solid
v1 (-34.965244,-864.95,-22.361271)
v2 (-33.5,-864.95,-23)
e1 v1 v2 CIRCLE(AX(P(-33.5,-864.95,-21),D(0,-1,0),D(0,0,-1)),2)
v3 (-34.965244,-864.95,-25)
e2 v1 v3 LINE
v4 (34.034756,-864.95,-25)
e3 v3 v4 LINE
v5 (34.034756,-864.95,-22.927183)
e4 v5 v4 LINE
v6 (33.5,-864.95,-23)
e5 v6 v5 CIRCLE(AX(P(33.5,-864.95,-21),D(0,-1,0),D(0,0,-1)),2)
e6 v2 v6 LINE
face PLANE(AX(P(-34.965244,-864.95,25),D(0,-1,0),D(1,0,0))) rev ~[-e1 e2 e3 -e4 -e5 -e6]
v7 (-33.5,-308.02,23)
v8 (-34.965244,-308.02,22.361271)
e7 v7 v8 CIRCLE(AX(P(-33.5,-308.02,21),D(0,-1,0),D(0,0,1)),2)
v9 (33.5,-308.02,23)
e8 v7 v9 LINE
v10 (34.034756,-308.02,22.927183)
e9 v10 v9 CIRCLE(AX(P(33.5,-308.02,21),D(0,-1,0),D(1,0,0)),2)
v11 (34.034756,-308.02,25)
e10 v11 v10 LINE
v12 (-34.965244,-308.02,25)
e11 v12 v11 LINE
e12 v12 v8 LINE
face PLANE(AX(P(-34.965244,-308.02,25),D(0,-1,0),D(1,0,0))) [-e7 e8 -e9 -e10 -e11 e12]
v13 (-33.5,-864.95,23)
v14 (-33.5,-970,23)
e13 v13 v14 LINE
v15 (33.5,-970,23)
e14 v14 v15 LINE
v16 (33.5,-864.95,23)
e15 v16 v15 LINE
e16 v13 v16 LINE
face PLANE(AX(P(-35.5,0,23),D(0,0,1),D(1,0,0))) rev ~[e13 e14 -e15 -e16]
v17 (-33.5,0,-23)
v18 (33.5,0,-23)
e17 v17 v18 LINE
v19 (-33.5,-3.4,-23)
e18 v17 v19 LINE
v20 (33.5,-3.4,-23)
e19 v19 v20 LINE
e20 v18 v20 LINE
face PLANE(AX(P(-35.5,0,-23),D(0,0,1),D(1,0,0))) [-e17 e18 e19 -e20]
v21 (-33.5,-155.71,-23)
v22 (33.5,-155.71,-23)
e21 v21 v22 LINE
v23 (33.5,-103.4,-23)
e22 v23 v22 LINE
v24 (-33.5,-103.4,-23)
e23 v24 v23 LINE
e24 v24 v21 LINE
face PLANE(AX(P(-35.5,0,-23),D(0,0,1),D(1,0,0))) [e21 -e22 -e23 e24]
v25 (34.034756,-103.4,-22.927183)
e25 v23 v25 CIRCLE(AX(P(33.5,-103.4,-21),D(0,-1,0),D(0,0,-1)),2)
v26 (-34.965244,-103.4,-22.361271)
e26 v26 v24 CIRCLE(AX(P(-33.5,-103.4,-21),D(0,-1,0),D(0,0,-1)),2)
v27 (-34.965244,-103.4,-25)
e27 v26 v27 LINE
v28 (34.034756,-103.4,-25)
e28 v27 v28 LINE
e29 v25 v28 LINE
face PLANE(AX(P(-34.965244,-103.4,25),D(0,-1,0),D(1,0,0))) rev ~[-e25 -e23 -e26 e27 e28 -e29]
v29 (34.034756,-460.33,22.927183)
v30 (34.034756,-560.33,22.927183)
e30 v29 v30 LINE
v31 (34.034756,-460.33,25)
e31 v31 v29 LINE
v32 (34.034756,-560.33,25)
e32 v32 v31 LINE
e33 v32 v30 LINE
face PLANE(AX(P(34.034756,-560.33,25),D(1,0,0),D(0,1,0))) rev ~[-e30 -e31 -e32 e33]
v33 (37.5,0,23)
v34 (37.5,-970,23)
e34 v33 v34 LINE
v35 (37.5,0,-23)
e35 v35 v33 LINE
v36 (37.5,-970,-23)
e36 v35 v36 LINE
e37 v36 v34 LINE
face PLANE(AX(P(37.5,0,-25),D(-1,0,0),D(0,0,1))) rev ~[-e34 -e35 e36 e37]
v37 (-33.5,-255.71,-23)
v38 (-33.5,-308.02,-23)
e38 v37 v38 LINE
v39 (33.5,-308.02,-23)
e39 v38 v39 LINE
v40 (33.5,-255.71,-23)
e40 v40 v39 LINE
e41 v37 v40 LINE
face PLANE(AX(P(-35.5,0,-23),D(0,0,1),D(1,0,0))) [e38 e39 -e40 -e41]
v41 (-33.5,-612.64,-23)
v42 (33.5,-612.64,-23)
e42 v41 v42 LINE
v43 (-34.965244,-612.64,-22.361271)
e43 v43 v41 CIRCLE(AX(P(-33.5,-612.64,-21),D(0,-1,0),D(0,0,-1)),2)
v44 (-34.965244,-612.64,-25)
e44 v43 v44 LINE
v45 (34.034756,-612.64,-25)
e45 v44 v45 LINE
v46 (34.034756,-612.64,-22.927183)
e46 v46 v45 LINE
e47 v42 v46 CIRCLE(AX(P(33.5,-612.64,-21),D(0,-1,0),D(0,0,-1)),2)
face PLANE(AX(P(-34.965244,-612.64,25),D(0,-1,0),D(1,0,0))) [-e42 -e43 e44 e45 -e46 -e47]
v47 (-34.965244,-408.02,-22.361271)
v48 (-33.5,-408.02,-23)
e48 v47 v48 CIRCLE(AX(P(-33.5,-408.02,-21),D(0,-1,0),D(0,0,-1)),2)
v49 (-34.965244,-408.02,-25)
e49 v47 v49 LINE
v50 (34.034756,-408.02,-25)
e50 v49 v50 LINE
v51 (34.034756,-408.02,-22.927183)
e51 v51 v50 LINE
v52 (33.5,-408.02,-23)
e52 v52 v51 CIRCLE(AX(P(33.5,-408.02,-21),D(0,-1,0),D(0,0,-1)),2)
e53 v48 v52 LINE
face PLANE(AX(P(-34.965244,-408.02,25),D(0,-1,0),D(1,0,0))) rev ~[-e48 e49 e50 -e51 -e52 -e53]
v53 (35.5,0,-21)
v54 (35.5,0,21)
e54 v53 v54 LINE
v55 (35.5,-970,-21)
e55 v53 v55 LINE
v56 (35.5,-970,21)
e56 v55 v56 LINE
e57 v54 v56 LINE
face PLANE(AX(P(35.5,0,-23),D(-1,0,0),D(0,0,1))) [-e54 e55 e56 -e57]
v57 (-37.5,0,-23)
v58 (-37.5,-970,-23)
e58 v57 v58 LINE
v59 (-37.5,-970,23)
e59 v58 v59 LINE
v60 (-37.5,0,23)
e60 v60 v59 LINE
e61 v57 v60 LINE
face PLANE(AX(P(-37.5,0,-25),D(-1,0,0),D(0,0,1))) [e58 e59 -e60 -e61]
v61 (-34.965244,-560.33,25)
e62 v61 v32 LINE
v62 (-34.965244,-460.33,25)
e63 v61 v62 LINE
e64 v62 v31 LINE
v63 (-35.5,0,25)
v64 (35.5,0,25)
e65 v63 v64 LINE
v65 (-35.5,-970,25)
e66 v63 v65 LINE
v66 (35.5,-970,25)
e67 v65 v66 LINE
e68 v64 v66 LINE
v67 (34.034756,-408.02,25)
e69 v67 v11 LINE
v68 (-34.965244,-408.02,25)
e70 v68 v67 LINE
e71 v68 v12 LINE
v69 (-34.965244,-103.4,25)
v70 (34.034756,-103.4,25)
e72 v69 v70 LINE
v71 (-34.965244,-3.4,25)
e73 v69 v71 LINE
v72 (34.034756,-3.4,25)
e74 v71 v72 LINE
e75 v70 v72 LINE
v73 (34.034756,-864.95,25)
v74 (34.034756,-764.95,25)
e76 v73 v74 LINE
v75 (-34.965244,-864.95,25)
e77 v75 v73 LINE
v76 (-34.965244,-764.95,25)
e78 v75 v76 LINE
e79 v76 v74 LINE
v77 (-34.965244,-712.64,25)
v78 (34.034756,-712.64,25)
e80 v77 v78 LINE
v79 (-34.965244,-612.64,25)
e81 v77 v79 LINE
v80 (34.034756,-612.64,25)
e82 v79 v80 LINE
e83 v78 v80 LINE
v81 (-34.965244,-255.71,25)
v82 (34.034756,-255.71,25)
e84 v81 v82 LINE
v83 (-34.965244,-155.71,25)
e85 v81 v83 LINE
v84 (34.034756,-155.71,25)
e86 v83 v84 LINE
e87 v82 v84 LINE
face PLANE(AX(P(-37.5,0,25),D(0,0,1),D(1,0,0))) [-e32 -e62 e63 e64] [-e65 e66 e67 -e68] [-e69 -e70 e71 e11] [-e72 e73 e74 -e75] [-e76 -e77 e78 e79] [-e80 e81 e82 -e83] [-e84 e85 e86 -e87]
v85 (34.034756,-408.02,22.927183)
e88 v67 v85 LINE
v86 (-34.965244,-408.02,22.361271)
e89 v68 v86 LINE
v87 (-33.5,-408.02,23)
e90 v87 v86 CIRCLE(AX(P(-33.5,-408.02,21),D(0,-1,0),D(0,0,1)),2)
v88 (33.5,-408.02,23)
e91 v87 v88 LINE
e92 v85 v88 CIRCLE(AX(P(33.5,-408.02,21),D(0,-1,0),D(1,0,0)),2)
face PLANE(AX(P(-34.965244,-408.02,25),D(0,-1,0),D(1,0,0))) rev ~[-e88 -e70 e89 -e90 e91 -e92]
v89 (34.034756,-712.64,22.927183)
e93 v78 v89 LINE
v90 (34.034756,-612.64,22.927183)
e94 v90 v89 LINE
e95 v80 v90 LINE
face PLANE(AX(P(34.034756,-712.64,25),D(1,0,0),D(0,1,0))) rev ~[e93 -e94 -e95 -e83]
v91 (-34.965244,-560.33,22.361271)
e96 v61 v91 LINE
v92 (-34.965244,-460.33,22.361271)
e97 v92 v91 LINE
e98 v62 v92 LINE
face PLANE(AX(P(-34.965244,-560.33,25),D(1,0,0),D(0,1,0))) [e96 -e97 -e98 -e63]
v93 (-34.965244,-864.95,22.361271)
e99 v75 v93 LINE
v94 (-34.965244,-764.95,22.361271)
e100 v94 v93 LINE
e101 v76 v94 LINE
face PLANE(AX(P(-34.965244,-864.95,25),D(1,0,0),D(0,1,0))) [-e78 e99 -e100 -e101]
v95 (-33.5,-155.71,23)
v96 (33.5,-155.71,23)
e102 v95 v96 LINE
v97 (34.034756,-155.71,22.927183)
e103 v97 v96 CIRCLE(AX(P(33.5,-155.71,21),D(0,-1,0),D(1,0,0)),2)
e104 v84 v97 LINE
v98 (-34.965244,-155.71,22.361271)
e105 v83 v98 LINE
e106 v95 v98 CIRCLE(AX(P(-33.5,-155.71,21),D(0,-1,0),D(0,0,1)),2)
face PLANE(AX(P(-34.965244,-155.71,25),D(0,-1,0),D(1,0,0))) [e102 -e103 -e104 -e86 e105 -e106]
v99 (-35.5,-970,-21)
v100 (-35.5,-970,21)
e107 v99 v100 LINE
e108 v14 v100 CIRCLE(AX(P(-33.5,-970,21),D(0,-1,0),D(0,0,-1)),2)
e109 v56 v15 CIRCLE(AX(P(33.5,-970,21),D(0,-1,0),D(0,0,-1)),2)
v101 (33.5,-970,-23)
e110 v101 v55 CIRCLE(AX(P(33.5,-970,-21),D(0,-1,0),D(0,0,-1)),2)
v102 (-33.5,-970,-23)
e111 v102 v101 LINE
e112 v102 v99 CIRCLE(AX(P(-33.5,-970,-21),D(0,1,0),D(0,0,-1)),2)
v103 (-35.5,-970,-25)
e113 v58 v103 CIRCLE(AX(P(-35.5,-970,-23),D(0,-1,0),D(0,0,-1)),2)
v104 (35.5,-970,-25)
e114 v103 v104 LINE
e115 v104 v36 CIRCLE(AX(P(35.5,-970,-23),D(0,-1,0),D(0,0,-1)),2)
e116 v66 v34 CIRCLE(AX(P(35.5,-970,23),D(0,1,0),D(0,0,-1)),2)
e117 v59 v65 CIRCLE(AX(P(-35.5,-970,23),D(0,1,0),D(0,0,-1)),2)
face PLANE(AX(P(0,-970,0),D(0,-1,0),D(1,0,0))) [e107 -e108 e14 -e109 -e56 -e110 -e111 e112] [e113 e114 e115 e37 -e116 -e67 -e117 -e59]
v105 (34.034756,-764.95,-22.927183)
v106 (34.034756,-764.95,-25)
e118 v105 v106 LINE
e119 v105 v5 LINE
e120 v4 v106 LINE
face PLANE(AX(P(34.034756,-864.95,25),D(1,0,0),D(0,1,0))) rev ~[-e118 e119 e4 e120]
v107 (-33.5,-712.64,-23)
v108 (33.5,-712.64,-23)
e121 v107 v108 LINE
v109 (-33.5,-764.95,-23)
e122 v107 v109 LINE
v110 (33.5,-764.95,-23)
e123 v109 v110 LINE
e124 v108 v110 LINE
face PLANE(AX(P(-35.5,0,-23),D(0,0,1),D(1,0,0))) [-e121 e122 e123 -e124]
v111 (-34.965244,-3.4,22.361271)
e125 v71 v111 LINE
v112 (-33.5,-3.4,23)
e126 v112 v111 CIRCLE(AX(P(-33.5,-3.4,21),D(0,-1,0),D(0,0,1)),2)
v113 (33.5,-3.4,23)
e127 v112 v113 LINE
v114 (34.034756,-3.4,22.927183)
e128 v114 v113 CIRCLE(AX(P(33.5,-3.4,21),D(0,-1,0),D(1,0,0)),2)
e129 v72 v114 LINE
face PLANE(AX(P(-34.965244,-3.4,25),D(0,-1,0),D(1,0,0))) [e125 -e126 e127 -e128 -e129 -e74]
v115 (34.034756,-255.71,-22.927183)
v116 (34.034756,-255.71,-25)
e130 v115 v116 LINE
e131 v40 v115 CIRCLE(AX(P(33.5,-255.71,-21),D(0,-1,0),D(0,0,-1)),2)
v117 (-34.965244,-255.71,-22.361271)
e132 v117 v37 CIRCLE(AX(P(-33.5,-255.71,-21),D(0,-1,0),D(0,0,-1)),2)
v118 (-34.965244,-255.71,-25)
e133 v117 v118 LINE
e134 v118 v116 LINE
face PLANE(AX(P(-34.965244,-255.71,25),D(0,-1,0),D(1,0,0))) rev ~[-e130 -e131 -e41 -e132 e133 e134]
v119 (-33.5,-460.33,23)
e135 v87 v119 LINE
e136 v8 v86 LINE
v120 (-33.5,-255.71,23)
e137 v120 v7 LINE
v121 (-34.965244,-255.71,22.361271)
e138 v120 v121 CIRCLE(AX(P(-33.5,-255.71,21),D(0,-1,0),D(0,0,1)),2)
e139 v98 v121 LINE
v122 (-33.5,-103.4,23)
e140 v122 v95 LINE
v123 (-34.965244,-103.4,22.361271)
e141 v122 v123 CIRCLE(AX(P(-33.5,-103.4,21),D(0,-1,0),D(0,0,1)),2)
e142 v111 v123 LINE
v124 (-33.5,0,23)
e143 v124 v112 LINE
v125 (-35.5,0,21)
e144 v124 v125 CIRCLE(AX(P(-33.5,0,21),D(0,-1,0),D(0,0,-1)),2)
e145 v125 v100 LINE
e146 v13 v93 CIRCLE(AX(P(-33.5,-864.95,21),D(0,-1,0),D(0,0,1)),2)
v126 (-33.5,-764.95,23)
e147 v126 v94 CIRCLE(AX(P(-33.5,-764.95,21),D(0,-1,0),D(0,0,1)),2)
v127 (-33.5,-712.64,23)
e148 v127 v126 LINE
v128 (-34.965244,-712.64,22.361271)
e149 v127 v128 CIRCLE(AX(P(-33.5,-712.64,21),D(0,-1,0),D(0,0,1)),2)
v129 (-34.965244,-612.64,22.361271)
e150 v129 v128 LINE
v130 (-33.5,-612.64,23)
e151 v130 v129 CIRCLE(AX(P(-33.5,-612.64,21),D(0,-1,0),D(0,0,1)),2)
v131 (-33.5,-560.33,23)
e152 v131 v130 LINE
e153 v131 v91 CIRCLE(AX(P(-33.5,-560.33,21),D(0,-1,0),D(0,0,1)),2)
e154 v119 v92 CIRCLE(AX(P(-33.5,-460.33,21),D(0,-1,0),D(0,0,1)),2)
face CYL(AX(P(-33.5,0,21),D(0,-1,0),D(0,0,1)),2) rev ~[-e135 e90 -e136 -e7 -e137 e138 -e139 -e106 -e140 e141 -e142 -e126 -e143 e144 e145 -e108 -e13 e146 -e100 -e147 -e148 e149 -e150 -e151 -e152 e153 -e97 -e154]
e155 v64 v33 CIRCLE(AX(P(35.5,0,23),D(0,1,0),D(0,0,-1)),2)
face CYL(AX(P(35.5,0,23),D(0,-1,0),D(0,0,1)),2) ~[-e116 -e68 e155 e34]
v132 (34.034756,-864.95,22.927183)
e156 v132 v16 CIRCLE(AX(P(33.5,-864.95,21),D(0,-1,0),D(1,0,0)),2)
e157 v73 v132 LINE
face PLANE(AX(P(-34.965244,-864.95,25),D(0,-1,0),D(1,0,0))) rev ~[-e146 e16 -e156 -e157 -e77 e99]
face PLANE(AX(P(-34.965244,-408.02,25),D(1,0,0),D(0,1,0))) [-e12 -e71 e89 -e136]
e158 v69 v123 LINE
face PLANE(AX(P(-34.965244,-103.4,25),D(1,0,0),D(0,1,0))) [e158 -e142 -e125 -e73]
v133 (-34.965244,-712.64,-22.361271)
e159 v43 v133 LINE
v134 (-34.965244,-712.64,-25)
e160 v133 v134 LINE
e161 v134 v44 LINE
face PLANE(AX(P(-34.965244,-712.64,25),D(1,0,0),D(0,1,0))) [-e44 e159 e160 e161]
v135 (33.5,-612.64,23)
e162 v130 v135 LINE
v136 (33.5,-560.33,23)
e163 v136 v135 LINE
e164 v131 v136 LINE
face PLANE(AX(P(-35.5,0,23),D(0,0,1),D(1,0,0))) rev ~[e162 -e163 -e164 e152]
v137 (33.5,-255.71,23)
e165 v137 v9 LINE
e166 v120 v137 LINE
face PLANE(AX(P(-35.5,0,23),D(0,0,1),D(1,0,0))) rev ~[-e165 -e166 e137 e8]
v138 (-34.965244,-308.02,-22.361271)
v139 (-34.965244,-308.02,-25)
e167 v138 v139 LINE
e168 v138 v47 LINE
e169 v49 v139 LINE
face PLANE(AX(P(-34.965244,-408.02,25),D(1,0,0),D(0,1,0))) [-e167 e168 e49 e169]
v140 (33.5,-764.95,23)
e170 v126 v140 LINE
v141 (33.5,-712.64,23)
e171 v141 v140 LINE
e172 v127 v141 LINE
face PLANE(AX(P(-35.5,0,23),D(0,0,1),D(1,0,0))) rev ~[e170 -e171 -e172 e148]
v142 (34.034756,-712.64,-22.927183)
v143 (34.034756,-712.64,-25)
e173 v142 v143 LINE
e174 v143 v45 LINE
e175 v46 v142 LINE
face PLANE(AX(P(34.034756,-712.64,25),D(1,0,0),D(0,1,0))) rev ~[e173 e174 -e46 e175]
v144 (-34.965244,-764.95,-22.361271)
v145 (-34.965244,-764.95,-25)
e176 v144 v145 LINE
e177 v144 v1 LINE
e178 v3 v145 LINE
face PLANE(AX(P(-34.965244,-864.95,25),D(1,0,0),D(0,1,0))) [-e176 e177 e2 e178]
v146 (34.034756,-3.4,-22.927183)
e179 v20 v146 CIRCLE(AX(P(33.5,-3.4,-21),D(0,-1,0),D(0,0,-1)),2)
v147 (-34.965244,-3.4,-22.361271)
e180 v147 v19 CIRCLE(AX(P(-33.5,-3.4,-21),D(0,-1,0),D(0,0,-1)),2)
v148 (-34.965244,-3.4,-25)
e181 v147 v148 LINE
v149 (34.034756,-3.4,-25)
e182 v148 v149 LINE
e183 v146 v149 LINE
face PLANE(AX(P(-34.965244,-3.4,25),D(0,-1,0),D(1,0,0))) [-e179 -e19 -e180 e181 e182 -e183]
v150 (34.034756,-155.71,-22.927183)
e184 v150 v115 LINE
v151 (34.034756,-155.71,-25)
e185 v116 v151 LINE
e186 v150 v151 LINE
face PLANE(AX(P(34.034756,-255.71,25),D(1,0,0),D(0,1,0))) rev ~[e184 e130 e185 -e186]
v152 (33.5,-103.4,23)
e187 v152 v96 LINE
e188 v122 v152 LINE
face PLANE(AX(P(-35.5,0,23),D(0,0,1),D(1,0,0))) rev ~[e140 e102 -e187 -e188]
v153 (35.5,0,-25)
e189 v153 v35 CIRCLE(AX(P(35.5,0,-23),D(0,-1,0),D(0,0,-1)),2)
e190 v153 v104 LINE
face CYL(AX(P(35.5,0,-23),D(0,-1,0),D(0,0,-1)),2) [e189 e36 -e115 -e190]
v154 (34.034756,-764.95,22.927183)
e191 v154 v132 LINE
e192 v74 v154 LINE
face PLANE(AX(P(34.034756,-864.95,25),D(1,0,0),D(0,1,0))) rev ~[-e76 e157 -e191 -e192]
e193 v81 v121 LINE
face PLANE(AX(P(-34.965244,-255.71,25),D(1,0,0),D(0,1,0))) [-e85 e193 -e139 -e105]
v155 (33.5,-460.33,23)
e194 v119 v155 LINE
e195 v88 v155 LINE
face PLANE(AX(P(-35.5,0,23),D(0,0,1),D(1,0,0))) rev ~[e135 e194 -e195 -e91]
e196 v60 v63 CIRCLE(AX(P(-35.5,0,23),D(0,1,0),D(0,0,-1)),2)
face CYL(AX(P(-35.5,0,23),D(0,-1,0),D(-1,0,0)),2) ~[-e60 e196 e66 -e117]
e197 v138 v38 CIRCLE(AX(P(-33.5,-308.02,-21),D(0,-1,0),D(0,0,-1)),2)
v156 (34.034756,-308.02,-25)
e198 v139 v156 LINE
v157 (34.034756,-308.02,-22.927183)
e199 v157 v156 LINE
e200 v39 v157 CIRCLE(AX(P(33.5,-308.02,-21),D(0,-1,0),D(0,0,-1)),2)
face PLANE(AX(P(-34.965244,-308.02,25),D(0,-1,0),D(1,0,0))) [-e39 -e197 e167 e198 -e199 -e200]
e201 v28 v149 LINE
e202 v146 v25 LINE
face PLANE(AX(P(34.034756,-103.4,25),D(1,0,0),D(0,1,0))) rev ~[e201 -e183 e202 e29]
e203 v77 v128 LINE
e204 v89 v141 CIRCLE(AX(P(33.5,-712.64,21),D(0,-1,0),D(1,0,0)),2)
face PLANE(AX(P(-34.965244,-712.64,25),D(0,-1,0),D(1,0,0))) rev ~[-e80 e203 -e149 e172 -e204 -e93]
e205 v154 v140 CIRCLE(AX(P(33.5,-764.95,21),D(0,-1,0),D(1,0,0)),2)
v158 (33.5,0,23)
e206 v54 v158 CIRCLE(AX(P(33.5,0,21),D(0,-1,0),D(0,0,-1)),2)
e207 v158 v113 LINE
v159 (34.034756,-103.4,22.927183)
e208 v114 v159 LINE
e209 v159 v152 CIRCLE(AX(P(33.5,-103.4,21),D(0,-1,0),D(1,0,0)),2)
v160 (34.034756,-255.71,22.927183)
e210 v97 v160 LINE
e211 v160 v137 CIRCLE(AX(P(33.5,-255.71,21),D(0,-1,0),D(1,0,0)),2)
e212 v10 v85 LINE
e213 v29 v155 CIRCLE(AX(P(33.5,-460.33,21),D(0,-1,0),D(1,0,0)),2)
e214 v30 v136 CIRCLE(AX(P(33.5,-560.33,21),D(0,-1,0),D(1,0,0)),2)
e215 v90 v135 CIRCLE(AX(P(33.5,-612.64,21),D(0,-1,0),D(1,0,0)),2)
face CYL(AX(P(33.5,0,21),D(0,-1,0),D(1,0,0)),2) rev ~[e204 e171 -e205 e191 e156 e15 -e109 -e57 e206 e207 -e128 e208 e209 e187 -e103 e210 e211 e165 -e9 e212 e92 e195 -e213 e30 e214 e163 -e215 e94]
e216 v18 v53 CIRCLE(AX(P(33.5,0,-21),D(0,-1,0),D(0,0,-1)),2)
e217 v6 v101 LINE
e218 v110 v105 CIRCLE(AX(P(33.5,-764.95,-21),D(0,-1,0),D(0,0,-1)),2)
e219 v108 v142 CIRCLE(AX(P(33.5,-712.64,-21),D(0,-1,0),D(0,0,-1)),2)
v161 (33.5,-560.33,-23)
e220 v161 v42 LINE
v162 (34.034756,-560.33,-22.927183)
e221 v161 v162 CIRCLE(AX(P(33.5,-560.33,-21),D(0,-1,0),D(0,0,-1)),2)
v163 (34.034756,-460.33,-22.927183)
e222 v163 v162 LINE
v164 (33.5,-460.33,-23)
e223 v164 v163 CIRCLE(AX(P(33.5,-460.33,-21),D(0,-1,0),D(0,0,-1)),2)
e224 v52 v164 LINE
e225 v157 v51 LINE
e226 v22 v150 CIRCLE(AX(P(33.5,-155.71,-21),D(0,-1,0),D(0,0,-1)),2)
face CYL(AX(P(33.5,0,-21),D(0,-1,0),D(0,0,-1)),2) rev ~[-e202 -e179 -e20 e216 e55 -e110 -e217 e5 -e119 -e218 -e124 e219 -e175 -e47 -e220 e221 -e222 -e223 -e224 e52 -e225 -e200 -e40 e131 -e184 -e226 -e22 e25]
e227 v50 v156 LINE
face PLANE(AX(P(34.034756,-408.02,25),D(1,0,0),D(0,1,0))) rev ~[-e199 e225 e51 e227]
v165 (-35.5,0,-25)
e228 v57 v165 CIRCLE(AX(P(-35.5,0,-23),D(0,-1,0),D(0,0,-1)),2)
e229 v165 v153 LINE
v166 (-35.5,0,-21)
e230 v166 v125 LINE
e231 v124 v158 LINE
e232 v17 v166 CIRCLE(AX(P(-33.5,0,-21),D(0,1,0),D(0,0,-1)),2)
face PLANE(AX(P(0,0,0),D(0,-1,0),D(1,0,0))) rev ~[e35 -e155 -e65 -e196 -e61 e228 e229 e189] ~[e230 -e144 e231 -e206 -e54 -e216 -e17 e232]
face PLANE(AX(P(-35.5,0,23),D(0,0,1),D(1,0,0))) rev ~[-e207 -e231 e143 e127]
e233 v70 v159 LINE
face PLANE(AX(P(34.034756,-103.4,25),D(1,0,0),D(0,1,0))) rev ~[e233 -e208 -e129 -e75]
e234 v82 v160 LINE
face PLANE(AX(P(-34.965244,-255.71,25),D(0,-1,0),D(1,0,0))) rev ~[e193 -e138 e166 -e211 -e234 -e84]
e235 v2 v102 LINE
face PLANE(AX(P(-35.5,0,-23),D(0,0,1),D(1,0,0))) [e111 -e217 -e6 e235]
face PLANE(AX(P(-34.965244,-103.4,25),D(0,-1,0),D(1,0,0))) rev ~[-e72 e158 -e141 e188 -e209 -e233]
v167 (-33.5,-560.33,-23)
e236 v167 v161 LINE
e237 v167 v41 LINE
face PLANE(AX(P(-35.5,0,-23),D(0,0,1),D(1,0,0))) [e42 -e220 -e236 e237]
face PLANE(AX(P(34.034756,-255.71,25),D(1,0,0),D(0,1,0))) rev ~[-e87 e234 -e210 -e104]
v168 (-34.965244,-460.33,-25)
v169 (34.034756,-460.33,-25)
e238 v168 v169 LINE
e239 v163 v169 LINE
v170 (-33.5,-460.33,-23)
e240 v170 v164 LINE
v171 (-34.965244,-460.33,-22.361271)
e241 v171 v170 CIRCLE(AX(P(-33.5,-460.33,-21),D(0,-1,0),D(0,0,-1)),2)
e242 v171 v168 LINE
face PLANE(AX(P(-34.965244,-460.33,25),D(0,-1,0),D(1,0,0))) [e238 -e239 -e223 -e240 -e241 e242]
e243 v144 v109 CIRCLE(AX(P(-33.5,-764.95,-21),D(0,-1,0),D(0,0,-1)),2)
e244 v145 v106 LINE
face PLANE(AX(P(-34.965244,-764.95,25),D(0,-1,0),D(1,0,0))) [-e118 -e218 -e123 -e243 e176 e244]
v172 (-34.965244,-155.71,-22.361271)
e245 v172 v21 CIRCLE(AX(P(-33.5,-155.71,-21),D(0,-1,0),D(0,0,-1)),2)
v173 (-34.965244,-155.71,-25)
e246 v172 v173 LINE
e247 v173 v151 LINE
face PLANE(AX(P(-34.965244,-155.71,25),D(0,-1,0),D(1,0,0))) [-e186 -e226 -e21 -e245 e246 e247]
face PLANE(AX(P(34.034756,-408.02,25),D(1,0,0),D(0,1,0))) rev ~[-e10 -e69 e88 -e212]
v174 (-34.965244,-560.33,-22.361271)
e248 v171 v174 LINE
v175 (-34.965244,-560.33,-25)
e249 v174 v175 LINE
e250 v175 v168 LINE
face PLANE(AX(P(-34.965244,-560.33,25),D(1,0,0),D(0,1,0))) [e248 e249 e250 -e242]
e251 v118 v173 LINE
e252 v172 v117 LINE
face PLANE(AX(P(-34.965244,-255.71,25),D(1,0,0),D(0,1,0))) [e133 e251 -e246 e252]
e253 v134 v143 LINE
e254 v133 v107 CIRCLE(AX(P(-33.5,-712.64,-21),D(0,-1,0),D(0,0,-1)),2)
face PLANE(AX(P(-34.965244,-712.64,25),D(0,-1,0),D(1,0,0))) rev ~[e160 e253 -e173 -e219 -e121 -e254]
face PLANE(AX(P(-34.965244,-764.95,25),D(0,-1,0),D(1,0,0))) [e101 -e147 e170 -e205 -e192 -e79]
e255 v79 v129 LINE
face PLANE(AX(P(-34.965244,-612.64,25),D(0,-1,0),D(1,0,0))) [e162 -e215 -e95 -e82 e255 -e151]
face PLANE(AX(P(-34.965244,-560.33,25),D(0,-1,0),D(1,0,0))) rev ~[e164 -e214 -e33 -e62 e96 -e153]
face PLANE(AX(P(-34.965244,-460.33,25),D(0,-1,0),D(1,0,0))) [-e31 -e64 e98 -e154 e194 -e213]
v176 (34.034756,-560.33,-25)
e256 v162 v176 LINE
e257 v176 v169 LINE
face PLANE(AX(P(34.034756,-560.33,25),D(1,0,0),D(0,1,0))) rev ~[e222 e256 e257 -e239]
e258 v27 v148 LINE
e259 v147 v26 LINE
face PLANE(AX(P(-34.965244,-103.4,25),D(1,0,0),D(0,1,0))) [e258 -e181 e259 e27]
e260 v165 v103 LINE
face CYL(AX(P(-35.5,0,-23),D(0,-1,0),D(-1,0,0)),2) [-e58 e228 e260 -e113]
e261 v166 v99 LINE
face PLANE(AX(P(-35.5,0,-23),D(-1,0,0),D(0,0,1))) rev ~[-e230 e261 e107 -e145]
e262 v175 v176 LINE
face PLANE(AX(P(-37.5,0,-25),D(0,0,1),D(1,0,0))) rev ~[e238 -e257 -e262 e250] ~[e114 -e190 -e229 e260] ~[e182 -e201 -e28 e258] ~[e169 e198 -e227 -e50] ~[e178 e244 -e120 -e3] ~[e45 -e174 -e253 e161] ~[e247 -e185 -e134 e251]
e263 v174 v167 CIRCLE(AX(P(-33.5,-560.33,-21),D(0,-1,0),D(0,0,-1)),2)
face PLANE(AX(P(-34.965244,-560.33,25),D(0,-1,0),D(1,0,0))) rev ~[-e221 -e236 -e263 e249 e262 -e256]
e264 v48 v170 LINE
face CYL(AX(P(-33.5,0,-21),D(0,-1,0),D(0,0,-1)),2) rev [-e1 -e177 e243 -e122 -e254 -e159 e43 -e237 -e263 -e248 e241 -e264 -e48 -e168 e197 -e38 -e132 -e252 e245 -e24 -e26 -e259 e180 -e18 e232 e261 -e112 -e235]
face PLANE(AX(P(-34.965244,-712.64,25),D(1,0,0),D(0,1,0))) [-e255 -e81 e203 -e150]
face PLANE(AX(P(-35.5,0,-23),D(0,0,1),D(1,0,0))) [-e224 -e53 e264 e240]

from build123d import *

# Parameters (mm, degrees)
F0_W     = 75
F0_H     = 50
F0_W_2   = 71
F0_H_2   = 46
F1_DEPTH = 970
F3_R     = 2
F4_R     = 2
F2_W     = 69
F2_H     = 100
F5_DEPTH = 60


with BuildPart() as f1:
    # F0 (on Front) → F1 (new body)
    with BuildSketch(Plane.XZ):
        Rectangle(F0_W, F0_H)
        Rectangle(F0_W_2, F0_H_2, mode=Mode.SUBTRACT)
    extrude(amount=F1_DEPTH)

    # F3
    f3_edges = [f1.edges().sort_by_distance(p)[0] for p in [
        (-37.5, -485, 25),
        (37.5, -485, 25),
        (37.5, -485, -25),
        (-37.5, -485, -25),
    ]]
    fillet(f3_edges, radius=F3_R)

    # F4
    f4_edges = [f1.edges().sort_by_distance(p)[0] for p in [
        (-35.5, -485, 23),
        (-35.5, -485, -23),
        (35.5, -485, -23),
        (35.5, -485, 23),
    ]]
    fillet(f4_edges, radius=F4_R)

    # F2 (on face) → F5 (cut)
    with BuildSketch(Plane.XY.offset(25)):
        with Locations((-0.465244, -814.95)):
            Rectangle(F2_W, F2_H)
        with Locations((-0.465244, -662.64)):
            Rectangle(F2_W, F2_H)
        with Locations((-0.465244, -510.33)):
            Rectangle(F2_W, F2_H)
        with Locations((-0.465244, -358.02)):
            Rectangle(F2_W, F2_H)
        with Locations((-0.465244, -205.71)):
            Rectangle(F2_W, F2_H)
        with Locations((-0.465244, -53.4)):
            Rectangle(F2_W, F2_H)
    extrude(amount=-F5_DEPTH, mode=Mode.SUBTRACT)


solid = f1.part
